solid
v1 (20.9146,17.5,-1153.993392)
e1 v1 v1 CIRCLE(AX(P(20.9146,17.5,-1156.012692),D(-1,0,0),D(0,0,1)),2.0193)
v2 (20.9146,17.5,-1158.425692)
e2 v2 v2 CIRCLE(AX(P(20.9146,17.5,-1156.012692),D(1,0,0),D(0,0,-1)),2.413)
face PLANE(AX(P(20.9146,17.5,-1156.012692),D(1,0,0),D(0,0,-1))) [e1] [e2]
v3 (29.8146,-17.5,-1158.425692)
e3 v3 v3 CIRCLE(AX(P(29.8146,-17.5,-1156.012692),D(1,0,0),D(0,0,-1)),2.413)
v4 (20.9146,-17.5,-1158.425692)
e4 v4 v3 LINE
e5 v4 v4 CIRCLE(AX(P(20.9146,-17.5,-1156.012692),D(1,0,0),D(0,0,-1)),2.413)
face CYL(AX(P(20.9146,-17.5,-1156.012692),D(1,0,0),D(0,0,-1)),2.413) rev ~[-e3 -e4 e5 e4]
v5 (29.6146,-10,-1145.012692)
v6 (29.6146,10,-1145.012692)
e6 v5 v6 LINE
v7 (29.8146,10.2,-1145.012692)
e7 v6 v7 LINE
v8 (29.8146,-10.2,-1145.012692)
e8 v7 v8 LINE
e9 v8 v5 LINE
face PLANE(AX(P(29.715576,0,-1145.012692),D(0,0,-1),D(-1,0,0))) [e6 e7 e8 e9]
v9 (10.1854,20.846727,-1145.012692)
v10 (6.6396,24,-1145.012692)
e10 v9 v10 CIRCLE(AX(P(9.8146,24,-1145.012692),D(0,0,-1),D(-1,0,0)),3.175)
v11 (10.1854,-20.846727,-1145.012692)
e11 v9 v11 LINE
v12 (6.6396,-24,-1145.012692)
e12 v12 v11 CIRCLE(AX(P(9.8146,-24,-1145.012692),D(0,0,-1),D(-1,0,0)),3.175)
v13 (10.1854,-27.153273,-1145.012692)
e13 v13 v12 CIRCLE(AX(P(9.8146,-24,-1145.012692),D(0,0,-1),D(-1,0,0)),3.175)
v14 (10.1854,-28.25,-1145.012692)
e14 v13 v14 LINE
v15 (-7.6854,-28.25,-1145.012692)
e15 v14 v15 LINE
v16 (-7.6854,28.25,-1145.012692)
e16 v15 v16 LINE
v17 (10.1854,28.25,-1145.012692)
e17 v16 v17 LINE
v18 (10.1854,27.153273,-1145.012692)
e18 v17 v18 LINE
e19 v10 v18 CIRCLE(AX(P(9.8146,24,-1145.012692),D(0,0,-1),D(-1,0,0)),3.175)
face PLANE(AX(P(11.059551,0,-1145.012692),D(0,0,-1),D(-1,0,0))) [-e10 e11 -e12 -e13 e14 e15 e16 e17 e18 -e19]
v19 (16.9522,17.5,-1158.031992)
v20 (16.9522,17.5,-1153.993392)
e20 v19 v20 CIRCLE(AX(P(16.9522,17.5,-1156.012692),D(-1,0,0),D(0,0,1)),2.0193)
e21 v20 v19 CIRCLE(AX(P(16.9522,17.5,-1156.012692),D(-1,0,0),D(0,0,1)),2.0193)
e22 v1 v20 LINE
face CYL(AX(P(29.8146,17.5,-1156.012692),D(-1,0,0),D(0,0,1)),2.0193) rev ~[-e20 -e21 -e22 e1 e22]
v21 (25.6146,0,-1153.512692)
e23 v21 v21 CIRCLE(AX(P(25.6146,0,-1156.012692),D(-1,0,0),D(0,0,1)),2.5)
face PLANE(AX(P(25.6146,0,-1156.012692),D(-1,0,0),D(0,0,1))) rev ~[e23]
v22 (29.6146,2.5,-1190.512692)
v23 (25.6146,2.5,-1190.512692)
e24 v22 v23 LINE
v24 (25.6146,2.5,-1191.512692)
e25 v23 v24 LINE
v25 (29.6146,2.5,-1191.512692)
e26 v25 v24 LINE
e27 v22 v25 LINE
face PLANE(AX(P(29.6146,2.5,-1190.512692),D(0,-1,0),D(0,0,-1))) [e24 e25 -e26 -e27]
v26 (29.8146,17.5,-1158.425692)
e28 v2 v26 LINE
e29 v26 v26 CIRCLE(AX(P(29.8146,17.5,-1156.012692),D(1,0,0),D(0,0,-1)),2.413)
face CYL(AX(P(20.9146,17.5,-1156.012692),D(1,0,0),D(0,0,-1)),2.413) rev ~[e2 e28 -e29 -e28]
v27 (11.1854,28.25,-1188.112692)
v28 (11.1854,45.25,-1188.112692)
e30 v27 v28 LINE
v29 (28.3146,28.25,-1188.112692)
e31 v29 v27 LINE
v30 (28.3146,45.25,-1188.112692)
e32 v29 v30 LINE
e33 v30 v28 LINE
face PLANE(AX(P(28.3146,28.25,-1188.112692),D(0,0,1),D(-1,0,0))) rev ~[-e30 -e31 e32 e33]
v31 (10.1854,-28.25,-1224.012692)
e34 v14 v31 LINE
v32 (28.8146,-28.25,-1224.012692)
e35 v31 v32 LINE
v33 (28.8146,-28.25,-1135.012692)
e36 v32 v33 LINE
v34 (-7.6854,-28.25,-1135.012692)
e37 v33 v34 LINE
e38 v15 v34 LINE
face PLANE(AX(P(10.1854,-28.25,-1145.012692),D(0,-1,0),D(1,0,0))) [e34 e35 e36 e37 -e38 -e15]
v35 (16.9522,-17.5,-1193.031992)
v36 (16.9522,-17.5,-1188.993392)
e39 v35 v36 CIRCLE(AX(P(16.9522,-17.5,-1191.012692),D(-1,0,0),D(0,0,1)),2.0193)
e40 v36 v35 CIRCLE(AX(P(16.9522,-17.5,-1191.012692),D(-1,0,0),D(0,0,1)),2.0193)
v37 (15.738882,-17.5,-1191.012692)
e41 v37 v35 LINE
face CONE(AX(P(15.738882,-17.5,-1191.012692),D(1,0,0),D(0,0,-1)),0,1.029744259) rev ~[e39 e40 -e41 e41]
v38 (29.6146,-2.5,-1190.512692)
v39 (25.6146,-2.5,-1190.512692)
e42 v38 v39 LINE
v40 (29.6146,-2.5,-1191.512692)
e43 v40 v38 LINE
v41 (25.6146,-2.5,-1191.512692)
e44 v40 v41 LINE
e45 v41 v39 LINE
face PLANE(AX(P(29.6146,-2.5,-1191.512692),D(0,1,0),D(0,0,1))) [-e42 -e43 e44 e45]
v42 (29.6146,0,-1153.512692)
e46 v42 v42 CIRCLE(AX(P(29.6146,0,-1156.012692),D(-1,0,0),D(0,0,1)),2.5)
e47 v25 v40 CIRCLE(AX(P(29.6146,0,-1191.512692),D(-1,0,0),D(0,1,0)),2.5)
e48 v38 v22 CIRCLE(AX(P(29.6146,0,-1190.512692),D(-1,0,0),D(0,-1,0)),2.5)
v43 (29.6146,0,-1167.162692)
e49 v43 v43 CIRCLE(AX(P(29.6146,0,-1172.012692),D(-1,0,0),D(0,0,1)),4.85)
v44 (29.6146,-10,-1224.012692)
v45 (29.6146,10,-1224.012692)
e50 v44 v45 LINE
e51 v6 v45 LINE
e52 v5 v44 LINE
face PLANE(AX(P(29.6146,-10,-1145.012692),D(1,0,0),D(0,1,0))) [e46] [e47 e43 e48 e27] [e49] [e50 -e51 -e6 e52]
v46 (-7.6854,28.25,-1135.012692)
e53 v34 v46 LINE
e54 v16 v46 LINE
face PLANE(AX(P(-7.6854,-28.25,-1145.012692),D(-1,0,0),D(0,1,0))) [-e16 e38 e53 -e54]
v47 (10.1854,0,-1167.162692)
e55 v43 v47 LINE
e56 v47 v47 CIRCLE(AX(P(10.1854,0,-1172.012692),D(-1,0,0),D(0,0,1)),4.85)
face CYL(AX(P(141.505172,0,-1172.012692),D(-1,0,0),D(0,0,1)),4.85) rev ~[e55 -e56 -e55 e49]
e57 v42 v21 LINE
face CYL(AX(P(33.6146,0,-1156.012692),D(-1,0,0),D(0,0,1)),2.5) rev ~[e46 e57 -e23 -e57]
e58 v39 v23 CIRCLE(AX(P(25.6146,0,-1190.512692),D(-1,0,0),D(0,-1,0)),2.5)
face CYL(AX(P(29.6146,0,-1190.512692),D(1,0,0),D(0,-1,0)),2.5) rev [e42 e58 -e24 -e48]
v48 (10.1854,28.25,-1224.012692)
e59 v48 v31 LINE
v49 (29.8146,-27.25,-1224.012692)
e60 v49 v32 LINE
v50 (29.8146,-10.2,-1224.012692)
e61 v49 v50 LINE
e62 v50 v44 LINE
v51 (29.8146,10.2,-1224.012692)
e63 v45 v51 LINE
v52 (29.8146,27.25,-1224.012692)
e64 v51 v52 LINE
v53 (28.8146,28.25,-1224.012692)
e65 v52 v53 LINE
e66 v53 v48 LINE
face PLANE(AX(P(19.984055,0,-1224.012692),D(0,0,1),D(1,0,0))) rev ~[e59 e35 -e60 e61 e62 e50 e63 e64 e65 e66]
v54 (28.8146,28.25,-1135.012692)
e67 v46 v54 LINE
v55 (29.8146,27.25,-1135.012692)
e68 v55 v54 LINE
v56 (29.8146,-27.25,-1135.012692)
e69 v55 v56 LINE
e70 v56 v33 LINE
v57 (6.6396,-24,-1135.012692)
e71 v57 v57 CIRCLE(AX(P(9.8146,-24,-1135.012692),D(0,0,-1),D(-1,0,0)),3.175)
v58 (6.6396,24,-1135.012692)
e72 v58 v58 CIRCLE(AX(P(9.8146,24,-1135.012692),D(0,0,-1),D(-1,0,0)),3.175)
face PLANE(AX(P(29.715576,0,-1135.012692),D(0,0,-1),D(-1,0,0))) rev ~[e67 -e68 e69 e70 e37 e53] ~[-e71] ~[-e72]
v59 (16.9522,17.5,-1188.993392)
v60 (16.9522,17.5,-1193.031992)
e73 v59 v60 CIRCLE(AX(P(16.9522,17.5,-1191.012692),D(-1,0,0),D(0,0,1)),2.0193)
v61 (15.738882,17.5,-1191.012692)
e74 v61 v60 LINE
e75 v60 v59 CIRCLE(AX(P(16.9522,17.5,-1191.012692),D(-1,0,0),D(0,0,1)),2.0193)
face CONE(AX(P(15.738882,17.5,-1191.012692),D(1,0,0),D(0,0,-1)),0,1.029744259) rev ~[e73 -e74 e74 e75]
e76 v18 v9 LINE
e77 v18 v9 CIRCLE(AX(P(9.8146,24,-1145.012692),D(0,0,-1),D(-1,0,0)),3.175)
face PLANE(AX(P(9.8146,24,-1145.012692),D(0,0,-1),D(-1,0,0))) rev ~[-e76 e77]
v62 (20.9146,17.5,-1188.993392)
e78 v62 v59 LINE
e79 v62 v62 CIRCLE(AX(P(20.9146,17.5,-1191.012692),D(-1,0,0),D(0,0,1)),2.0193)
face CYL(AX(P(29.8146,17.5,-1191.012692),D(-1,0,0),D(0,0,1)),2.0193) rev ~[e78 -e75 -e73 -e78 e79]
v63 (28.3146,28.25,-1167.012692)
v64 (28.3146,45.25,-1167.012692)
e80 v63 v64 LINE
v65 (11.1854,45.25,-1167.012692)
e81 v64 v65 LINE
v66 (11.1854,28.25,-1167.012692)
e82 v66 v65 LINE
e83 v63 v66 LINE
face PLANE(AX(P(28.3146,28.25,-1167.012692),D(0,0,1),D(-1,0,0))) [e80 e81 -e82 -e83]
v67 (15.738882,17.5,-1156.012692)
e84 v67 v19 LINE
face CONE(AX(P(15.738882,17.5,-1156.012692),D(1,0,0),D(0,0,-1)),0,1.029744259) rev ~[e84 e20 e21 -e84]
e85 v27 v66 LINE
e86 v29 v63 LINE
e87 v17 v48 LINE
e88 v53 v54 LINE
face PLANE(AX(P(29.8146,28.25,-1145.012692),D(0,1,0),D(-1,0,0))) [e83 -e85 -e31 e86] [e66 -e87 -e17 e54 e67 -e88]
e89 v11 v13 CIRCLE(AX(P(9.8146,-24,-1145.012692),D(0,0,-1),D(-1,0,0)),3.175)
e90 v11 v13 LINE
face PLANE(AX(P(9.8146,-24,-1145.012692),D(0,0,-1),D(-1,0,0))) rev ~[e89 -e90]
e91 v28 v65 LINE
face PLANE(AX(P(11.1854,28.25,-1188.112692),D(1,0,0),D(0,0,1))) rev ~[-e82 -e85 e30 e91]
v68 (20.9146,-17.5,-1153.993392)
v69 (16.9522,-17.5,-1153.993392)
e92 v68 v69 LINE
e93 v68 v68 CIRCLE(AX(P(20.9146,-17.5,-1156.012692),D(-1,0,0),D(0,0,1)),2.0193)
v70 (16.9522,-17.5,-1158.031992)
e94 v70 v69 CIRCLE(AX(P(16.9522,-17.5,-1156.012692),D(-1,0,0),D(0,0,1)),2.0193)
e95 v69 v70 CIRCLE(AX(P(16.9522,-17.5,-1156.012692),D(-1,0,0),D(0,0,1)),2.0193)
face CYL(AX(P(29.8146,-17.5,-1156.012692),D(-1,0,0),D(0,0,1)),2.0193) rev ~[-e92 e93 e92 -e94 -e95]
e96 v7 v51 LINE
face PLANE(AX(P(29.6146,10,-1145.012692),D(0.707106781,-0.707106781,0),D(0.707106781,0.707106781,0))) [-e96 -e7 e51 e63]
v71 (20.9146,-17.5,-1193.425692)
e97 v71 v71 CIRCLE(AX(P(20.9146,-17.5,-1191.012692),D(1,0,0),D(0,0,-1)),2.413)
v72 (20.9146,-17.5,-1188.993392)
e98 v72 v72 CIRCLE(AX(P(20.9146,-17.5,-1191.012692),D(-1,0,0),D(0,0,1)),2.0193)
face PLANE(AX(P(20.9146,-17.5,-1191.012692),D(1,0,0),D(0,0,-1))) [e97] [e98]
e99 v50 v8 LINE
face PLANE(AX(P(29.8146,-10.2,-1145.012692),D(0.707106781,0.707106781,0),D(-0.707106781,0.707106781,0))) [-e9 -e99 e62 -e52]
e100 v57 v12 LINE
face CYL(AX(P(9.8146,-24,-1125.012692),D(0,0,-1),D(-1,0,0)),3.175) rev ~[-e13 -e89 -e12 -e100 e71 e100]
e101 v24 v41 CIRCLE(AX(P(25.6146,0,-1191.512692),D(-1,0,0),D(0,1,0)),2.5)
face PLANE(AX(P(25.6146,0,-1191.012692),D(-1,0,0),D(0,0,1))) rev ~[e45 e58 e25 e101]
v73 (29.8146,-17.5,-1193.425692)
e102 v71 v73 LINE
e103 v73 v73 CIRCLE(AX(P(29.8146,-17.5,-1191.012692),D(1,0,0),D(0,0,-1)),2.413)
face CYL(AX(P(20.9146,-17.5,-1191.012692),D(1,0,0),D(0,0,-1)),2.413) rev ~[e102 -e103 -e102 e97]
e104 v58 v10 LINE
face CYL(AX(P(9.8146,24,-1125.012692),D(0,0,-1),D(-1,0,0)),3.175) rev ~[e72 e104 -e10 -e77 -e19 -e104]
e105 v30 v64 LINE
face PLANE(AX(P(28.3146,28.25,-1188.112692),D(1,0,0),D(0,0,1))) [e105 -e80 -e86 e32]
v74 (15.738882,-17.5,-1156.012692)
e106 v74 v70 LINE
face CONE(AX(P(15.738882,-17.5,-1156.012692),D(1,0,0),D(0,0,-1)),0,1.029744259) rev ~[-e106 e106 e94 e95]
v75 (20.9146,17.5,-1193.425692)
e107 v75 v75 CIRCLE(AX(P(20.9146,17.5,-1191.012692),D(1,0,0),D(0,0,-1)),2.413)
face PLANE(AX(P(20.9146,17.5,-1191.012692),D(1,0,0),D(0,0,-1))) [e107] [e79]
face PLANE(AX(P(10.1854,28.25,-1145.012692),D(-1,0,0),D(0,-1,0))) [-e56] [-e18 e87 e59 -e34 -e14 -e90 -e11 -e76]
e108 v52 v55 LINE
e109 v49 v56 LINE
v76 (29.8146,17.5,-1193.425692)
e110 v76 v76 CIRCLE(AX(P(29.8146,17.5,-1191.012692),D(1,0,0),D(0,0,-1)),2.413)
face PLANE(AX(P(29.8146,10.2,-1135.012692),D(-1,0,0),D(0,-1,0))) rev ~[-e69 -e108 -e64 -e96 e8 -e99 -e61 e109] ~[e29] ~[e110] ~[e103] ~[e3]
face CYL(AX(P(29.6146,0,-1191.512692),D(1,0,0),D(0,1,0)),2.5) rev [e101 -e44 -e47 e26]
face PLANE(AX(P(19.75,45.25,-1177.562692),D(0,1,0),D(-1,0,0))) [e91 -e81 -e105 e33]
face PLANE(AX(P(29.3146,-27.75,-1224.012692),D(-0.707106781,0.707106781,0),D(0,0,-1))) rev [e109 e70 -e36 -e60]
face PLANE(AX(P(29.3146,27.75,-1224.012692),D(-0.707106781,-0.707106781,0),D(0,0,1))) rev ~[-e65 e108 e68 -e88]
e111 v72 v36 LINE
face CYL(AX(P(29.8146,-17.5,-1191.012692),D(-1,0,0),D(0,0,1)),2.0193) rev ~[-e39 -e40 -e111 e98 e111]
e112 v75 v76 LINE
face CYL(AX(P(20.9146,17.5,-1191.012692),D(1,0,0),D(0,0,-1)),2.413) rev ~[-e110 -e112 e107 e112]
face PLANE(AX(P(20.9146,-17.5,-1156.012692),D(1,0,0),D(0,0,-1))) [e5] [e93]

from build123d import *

# Parameters (mm, degrees)
BASE_EXTRUDE_DEPTH               = 10
BOSS_EXTRUDE1_DEPTH              = 79
BOSS_EXTRUDE3_DEPTH              = 10
F_9_7_DIAMETER_HOLE1_D           = 9.7
F_10_32_TAPPED_HOLE1_D           = 4.0386
F_10_32_TAPPED_HOLE1_DEPTH       = 12.8624
F_10_32_TAPPED_HOLE1_CBORE_D     = 4.826
F_10_32_TAPPED_HOLE1_CBORE_DEPTH = 8.9
F_10_32_TAPPED_HOLE1_TIP         = 1.213317848
F_1_4_20_TAPPED_HOLE1_D          = 6.35
F_1_4_20_TAPPED_HOLE1_DEPTH      = 10
CUT_EXTRUDE1_DEPTH               = 4
HOLE1_D                          = 5
HOLE1_DEPTH                      = 4
SKETCH14_W                       = 17.1292
SKETCH14_H                       = 21.1
BOSS_EXTRUDE2_DEPTH              = 17
CHAMFER1_SIZE                    = 1


with BuildPart() as part:
    # Sketch1 → Base-Extrude (new body)
    with BuildSketch(Plane.XY.offset(-1145.012692433)):
        Polygon((-7.6854, 28.25), (29.8146, 28.25), (29.8146, 10.2), (29.6146, 10), (29.6146, -10), (29.8146, -10.2), (29.8146, -28.25), (-7.6854, -28.25), align=None)
    extrude(amount=BASE_EXTRUDE_DEPTH)

    # Sketch3 → Boss-Extrude1 (add)
    with BuildSketch(Plane(origin=(0, 0, -1145.012692433), x_dir=(-1, 0, 0), z_dir=(0, 0, -1))):
        Polygon((-29.8146, 10.2), (-29.8146, 28.25), (-10.1854, 28.25), (-10.1854, -28.25), (-29.8146, -28.25), (-29.8146, -10.2), (-29.6146, -10), (-29.6146, 10), align=None)
    extrude(amount=BOSS_EXTRUDE1_DEPTH)

    # Sketch15 → Boss-Extrude3 (add)
    with BuildSketch(Plane.XY.offset(-1135.012692433)):
        Polygon((29.8146, -10.2), (29.6146, -10), (29.6146, 10), (29.8146, 10.2), align=None)
    extrude(amount=-BOSS_EXTRUDE3_DEPTH)

    # 9.7 Diameter Hole1 (through all)
    with Locations(Plane(origin=(29.6146, 0, 0), x_dir=(0, 0, -1), z_dir=(1, 0, 0))):
        with Locations((1172.012692433, 0)):
            Hole(F_9_7_DIAMETER_HOLE1_D / 2)

    # #10-32 Tapped Hole1
    with Locations(Plane(origin=(29.8146, 0, 0), x_dir=(0, 0, -1), z_dir=(1, 0, 0))):
        with Locations((1156.012692433, 17.5), (1191.012692433, 17.5), (1156.012692433, -17.5), (1191.012692433, -17.5)):
            CounterBoreHole(F_10_32_TAPPED_HOLE1_D / 2, F_10_32_TAPPED_HOLE1_CBORE_D / 2, F_10_32_TAPPED_HOLE1_CBORE_DEPTH, depth=F_10_32_TAPPED_HOLE1_DEPTH)
            with Locations((0, 0, -(F_10_32_TAPPED_HOLE1_DEPTH + F_10_32_TAPPED_HOLE1_TIP / 2))):  # 118° drill point
                Cone(0, F_10_32_TAPPED_HOLE1_D / 2, F_10_32_TAPPED_HOLE1_TIP, mode=Mode.SUBTRACT)

    # 1/4-20 Tapped Hole1
    with Locations(Plane.XY.offset(-1135.012692433)):
        with Locations((9.8146, 24), (9.8146, -24)):
            Hole(F_1_4_20_TAPPED_HOLE1_D / 2, depth=F_1_4_20_TAPPED_HOLE1_DEPTH)

    # Sketch11 → Cut-Extrude1 (cut)
    with BuildSketch(Plane(origin=(29.6146, 0, 0), x_dir=(0, 0, -1), z_dir=(1, 0, 0))):
        with BuildLine():
            Line((1190.512692433, 2.5), (1191.512692433, 2.5))
            ThreePointArc((1191.512692433, 2.5), (1194.012692433, 0), (1191.512692433, -2.5))
            Line((1191.512692433, -2.5), (1190.512692433, -2.5))
            ThreePointArc((1190.512692433, -2.5), (1188.012692433, 0), (1190.512692433, 2.5))
        make_face()
    extrude(amount=-CUT_EXTRUDE1_DEPTH, mode=Mode.SUBTRACT)

    # Hole1
    with Locations(Plane(origin=(29.6146, 0, 0), x_dir=(0, 0, -1), z_dir=(1, 0, 0))):
        with Locations((1156.012692433, 0)):
            Hole(HOLE1_D / 2, depth=HOLE1_DEPTH)

    # Sketch14 → Boss-Extrude2 (add)
    with BuildSketch(Plane(origin=(0, 28.25, 0), x_dir=(-1, 0, 0), z_dir=(0, 1, 0))):
        with Locations((-19.75, -1177.562692433)):
            Rectangle(SKETCH14_W, SKETCH14_H)
    extrude(amount=BOSS_EXTRUDE2_DEPTH)

    # Chamfer1
    chamfer1_edges = [part.edges().sort_by_distance(p)[0] for p in [
        (29.8146, -28.25, -1179.512692433),
        (29.8146, 28.25, -1179.512692433),
    ]]
    chamfer(chamfer1_edges, length=CHAMFER1_SIZE)


solid = part.part
